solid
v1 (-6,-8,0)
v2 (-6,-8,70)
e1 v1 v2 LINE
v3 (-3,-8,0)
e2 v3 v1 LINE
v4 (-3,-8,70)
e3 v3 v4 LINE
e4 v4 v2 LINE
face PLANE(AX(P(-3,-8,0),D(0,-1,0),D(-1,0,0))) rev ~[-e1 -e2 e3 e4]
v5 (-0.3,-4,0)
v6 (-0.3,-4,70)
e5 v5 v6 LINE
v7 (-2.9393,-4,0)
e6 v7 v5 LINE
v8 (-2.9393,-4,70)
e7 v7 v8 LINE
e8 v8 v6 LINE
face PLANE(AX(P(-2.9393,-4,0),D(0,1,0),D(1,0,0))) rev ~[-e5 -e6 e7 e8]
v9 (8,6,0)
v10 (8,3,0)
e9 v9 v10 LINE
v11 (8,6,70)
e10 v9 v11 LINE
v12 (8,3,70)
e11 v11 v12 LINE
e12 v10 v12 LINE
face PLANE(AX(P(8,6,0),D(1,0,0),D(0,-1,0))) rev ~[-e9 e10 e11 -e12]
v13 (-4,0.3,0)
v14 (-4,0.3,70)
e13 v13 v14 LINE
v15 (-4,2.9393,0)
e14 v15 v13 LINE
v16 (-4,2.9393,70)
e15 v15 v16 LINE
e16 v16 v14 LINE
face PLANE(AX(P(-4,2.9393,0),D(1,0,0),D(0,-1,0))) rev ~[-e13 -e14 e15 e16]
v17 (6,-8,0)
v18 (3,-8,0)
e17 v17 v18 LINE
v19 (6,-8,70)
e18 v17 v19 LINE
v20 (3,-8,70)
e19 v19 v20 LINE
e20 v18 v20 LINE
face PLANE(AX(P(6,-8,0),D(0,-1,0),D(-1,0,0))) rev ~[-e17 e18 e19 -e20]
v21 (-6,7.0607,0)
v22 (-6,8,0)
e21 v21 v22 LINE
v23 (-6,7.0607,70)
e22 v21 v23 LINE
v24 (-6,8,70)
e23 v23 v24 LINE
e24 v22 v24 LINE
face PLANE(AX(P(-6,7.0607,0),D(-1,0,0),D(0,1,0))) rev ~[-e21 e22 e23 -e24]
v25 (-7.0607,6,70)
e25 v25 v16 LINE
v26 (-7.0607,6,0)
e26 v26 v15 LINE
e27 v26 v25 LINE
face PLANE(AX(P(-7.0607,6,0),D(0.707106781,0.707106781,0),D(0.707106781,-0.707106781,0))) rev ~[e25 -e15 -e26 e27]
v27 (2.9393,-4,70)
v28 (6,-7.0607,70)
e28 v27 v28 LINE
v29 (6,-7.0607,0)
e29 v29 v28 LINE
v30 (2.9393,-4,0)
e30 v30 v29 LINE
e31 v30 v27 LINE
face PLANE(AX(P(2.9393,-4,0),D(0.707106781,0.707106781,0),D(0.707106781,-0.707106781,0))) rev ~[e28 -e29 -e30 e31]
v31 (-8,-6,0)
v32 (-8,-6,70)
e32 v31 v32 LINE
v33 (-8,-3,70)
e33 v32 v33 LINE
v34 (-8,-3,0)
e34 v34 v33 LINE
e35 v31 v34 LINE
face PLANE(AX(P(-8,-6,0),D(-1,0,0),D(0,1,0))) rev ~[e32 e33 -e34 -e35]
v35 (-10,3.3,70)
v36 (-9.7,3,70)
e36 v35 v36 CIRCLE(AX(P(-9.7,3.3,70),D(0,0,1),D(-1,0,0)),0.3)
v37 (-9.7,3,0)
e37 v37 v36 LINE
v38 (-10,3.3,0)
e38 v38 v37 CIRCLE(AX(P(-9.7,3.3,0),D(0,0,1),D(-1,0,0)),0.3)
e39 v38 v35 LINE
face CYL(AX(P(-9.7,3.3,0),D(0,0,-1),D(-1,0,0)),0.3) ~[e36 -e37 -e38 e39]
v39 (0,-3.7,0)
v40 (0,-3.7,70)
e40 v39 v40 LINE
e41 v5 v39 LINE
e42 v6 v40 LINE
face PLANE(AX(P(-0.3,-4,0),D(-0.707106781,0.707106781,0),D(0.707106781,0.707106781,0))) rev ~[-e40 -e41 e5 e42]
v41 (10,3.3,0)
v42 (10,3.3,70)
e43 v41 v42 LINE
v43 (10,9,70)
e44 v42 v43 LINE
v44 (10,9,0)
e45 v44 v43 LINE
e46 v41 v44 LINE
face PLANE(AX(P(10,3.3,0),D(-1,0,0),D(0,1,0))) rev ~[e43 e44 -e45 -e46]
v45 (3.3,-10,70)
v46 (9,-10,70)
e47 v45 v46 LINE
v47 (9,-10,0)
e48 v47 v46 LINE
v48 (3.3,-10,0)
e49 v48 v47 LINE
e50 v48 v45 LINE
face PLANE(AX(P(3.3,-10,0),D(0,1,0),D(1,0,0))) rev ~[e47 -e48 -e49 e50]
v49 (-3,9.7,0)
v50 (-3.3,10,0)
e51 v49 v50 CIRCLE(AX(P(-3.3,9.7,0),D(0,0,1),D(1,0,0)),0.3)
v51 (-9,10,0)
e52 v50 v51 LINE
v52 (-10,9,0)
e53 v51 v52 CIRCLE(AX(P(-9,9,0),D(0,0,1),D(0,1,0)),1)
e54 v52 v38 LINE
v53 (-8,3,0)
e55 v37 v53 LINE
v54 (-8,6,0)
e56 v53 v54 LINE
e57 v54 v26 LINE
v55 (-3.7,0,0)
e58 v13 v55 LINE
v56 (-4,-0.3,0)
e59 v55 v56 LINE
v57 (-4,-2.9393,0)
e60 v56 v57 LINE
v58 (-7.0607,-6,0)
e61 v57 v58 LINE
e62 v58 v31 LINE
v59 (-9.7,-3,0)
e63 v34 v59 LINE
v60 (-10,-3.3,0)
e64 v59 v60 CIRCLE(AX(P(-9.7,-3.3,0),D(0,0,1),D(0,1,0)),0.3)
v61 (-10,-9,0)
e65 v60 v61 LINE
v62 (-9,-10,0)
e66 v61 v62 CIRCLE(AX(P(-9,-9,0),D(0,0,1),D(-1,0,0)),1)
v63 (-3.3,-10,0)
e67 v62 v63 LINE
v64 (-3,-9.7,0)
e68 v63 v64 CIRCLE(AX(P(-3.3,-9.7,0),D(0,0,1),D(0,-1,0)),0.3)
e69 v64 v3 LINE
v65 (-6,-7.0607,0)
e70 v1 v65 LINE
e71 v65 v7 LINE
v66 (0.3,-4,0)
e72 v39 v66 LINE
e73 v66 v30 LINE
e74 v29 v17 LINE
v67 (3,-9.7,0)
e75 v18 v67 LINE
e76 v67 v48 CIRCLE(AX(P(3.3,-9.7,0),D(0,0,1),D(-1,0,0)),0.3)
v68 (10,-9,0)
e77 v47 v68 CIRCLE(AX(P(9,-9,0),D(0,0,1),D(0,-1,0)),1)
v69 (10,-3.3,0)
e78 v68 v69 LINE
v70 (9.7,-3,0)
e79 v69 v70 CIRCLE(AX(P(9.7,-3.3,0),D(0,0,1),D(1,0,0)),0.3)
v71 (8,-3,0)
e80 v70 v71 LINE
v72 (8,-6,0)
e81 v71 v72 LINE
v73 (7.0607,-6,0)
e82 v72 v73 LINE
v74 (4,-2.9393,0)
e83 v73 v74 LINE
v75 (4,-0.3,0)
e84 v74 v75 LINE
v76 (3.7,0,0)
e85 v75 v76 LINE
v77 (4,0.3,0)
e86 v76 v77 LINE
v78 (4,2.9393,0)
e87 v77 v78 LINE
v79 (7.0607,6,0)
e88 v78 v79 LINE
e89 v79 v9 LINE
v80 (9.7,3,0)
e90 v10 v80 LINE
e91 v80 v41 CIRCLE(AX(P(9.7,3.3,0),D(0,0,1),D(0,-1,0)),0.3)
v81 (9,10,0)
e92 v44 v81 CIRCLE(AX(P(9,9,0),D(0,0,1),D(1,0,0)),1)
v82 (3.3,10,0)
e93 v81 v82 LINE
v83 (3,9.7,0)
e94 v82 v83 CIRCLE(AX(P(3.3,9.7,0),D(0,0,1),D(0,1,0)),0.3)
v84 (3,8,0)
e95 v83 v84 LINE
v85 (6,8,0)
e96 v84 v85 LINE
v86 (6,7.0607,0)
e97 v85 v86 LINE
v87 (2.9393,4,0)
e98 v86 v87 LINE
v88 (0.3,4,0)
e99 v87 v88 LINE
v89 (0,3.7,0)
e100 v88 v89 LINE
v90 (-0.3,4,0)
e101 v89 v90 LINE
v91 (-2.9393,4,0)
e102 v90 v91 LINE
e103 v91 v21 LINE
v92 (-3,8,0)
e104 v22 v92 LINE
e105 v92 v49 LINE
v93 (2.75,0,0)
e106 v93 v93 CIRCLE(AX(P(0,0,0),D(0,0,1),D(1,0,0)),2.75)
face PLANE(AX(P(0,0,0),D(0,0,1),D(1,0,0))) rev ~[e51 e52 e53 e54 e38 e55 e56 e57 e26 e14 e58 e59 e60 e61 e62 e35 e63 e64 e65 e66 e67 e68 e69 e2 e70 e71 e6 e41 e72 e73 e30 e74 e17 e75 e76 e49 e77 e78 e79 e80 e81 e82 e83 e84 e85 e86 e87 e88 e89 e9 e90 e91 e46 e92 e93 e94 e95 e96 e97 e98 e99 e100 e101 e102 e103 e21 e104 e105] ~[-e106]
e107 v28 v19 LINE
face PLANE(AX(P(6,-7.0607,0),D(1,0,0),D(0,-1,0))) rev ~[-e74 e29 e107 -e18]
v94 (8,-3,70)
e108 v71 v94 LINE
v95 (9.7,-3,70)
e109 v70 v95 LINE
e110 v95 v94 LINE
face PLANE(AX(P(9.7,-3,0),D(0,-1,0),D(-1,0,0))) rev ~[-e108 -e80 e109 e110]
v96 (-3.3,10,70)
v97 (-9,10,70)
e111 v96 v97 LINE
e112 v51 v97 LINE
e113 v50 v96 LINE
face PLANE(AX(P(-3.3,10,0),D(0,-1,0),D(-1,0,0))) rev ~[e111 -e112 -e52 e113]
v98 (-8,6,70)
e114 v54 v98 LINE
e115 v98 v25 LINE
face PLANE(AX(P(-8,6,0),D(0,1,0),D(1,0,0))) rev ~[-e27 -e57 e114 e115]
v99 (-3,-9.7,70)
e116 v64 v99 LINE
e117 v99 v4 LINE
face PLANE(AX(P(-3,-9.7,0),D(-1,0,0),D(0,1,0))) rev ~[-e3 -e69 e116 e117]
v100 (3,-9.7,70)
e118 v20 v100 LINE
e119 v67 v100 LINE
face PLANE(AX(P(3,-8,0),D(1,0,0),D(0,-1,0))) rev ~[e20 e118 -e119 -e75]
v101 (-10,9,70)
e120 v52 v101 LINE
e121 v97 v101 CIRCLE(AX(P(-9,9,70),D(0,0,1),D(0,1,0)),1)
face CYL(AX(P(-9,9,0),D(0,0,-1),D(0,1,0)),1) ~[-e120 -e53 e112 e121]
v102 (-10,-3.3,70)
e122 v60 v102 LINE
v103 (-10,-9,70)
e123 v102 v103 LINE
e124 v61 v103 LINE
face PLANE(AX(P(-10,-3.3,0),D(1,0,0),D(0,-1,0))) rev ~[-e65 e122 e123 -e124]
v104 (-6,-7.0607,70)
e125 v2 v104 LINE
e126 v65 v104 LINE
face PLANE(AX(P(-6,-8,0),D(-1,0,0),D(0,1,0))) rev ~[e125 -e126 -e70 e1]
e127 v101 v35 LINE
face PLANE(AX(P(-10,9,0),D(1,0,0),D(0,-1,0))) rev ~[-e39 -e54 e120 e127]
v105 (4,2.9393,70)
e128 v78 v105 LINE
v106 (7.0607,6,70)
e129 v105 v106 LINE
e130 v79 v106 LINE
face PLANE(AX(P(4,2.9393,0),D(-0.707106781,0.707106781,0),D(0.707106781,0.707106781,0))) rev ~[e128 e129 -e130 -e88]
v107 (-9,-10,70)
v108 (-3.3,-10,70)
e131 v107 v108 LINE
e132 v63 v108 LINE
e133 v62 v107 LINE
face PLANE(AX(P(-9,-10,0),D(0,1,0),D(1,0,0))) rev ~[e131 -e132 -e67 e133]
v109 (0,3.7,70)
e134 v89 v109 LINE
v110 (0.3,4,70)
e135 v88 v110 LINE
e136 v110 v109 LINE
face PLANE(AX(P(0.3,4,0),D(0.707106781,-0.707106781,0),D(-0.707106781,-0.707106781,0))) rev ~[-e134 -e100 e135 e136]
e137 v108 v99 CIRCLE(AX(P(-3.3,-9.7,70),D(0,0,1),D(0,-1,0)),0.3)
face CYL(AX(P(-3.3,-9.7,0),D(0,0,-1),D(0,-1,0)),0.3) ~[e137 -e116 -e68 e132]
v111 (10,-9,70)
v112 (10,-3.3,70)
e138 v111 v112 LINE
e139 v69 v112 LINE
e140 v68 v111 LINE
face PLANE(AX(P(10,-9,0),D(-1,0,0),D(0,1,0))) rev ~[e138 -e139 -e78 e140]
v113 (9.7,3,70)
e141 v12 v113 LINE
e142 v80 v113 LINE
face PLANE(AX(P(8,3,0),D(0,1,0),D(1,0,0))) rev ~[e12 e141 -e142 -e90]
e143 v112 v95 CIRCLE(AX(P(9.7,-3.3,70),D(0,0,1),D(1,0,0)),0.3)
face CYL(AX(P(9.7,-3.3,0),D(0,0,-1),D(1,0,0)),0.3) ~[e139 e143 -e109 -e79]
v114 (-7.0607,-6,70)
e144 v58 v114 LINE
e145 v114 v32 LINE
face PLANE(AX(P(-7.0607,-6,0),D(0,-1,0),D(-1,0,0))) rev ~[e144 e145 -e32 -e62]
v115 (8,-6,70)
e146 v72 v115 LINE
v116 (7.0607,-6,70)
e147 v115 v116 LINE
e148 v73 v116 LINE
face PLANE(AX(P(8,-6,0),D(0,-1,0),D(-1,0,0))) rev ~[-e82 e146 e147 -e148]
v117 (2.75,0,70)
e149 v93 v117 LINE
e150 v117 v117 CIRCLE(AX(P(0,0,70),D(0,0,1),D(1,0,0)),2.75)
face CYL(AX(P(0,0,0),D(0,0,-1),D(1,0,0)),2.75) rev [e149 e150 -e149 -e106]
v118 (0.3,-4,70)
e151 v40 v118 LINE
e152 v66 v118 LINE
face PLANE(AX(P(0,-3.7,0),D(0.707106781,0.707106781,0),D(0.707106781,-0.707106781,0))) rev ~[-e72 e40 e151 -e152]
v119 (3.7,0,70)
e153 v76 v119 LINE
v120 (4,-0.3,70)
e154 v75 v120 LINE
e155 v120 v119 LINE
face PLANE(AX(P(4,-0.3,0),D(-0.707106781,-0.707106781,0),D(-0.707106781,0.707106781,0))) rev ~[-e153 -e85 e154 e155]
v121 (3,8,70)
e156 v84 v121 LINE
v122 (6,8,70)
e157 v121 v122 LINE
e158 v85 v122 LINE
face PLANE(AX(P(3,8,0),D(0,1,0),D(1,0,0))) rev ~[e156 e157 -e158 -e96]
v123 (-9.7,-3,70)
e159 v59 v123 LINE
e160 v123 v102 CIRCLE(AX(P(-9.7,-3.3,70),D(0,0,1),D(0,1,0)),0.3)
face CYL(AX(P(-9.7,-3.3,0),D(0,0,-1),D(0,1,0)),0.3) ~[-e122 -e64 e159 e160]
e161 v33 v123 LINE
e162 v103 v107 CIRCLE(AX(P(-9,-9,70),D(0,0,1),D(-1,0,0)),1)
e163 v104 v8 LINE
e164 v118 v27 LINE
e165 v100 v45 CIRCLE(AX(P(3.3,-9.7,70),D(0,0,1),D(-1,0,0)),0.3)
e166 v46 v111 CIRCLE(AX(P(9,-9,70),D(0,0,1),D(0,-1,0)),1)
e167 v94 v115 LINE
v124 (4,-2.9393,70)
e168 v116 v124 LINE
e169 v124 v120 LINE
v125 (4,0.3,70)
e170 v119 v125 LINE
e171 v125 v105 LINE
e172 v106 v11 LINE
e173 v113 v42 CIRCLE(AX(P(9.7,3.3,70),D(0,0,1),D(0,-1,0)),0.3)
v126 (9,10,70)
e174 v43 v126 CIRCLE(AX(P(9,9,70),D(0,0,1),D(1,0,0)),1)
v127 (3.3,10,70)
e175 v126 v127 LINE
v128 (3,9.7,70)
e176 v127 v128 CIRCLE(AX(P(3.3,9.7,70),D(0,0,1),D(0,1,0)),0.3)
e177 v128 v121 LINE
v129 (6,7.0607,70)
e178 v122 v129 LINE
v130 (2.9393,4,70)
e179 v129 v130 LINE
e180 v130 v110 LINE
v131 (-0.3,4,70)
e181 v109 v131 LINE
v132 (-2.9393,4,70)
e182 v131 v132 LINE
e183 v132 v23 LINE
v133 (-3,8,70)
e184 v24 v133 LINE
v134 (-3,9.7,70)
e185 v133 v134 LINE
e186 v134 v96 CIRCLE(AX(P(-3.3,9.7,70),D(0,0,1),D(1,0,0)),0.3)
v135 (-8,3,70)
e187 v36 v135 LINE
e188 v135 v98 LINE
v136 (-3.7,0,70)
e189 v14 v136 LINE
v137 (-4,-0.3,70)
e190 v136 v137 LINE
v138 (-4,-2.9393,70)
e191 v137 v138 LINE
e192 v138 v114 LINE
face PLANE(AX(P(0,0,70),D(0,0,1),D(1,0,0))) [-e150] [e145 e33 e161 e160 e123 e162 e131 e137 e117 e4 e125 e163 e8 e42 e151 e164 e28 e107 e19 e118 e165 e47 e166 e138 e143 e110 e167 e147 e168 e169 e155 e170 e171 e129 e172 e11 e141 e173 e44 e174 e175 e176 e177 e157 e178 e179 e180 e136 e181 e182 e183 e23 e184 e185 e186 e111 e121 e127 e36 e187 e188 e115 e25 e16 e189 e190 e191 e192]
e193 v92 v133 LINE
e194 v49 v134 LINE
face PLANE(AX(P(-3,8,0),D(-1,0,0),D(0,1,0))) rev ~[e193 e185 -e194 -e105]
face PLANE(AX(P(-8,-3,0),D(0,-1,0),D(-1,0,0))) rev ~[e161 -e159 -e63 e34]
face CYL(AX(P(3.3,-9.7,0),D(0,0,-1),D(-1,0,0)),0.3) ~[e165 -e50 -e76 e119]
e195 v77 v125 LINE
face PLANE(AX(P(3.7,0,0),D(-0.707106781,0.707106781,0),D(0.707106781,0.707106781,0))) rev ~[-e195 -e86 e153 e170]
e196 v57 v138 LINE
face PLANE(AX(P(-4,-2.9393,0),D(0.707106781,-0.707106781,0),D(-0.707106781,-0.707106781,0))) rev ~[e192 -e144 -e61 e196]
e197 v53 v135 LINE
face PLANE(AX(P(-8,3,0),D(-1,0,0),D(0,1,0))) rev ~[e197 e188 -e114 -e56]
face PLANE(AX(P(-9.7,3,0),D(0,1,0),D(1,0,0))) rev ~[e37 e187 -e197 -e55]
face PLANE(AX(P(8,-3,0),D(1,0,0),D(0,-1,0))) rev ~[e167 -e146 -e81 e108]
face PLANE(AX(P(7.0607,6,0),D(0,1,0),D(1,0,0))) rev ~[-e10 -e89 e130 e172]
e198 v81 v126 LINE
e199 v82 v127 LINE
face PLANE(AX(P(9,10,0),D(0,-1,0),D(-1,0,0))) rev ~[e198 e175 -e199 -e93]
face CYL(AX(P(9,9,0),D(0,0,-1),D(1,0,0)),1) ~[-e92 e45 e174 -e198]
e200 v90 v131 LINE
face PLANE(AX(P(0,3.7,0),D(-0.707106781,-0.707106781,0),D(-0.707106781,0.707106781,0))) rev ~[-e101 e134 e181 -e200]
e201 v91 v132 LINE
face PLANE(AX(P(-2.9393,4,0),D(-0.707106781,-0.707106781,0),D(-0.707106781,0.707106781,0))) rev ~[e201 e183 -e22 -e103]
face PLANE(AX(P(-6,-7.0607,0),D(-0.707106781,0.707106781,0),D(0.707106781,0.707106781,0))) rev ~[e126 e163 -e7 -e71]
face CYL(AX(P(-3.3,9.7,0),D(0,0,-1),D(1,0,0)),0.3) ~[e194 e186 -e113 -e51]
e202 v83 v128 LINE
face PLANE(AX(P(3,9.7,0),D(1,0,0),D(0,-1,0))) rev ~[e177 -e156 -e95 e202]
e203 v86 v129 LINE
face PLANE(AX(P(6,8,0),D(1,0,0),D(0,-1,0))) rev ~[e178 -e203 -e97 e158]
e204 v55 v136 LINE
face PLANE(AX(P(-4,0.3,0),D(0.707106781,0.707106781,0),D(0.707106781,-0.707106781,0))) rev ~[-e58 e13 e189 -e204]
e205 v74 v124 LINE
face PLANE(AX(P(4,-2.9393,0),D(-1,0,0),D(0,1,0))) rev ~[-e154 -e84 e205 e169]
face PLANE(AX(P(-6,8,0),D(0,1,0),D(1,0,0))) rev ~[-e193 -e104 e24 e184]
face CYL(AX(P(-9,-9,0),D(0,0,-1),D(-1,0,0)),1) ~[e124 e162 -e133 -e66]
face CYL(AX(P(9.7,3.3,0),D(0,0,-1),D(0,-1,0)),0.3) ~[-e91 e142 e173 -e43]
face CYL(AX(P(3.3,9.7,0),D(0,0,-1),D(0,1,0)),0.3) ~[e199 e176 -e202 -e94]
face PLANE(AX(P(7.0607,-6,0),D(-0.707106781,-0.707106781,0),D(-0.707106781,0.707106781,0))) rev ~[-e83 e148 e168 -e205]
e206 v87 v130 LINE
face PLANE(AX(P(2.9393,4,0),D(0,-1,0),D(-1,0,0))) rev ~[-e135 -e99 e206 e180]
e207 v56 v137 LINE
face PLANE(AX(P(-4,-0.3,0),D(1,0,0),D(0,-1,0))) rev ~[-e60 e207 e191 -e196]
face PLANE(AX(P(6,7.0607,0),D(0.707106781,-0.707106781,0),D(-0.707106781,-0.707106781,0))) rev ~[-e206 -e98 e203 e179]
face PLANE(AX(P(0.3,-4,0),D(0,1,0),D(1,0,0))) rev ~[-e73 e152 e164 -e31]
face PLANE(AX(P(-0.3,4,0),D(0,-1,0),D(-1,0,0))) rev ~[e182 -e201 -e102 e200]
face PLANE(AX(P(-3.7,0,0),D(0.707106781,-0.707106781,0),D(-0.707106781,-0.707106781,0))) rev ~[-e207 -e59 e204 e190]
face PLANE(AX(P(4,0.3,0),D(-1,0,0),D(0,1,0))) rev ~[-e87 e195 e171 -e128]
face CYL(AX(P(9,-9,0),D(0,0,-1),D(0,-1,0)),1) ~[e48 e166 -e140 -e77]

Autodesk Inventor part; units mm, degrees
ref_plane "Startebene" through (0, 0, 0) normal (0, 0, 1) x (1, 0, 0)
ref_plane "Endebene" through (0, 0, 320) normal (0, 0, 1) x (1, 0, 0)
ref_plane "Startebene1" through (0, 0, 0) normal (0, 0, 1) x (1, 0, 0)
ref_plane "Endebene1" through (0, 0, 40) normal (0, 0, 1) x (1, 0, 0)
ref_plane "Startebene2" through (0, 0, 0) normal (0, 0, 1) x (1, 0, 0)
ref_plane "Endebene2" through (0, 0, 40) normal (0, 0, 1) x (1, 0, 0)
ref_plane "Startebene3" through (0, 0, 0) normal (0, 0, 1) x (1, 0, 0)
ref_plane "Endebene3" through (0, 0, 70) normal (0, 0, 1) x (1, 0, 0)
sketch "Skizze" plane through (0, 0, 0) normal (0, 0, 1) x (1, 0, 0)
  line L0 (-10, 9) -> (-10, 3.3)
  arc A0 (-10, 3.3) -> (-9.7, 3) centre (-9.7, 3.3) ccw
  line L1 (-9.7, 3) -> (-8, 3)
  line L2 (-8, 3) -> (-8, 6)
  line L3 (-8, 6) -> (-7.0607, 6)
  line L4 (-7.0607, 6) -> (-4, 2.9393)
  line L5 (-4, 2.9393) -> (-4, 0.3)
  line L6 (-4, 0.3) -> (-3.7, 0)
  line L7 (-3.7, 0) -> (-4, -0.3)
  line L8 (-4, -0.3) -> (-4, -2.9393)
  line L9 (-4, -2.9393) -> (-7.0607, -6)
  line L10 (-7.0607, -6) -> (-8, -6)
  line L11 (-8, -6) -> (-8, -3)
  line L12 (-8, -3) -> (-9.7, -3)
  arc A1 (-9.7, -3) -> (-10, -3.3) centre (-9.7, -3.3) ccw
  line L13 (-10, -3.3) -> (-10, -9)
  arc A2 (-10, -9) -> (-9, -10) centre (-9, -9) ccw
  line L14 (-9, -10) -> (-3.3, -10)
  arc A3 (-3.3, -10) -> (-3, -9.7) centre (-3.3, -9.7) ccw
  line L15 (-3, -9.7) -> (-3, -8)
  line L16 (-3, -8) -> (-6, -8)
  line L17 (-6, -8) -> (-6, -7.0607)
  line L18 (-6, -7.0607) -> (-2.9393, -4)
  line L19 (-2.9393, -4) -> (-0.3, -4)
  line L20 (-0.3, -4) -> (0, -3.7)
  line L21 (0, -3.7) -> (0.3, -4)
  line L22 (0.3, -4) -> (2.9393, -4)
  line L23 (2.9393, -4) -> (6, -7.0607)
  line L24 (6, -7.0607) -> (6, -8)
  line L25 (6, -8) -> (3, -8)
  line L26 (3, -8) -> (3, -9.7)
  arc A4 (3, -9.7) -> (3.3, -10) centre (3.3, -9.7) ccw
  line L27 (3.3, -10) -> (9, -10)
  arc A5 (9, -10) -> (10, -9) centre (9, -9) ccw
  line L28 (10, -9) -> (10, -3.3)
  arc A6 (10, -3.3) -> (9.7, -3) centre (9.7, -3.3) ccw
  line L29 (9.7, -3) -> (8, -3)
  line L30 (8, -3) -> (8, -6)
  line L31 (8, -6) -> (7.0607, -6)
  line L32 (7.0607, -6) -> (4, -2.9393)
  line L33 (4, -2.9393) -> (4, -0.3)
  line L34 (4, -0.3) -> (3.7, 0)
  line L35 (3.7, 0) -> (4, 0.3)
  line L36 (4, 0.3) -> (4, 2.9393)
  line L37 (4, 2.9393) -> (7.0607, 6)
  line L38 (7.0607, 6) -> (8, 6)
  line L39 (8, 6) -> (8, 3)
  line L40 (8, 3) -> (9.7, 3)
  arc A7 (9.7, 3) -> (10, 3.3) centre (9.7, 3.3) ccw
  line L41 (10, 3.3) -> (10, 9)
  arc A8 (10, 9) -> (9, 10) centre (9, 9) ccw
  line L42 (9, 10) -> (3.3, 10)
  arc A9 (3.3, 10) -> (3, 9.7) centre (3.3, 9.7) ccw
  line L43 (3, 9.7) -> (3, 8)
  line L44 (3, 8) -> (6, 8)
  line L45 (6, 8) -> (6, 7.0607)
  line L46 (6, 7.0607) -> (2.9393, 4)
  line L47 (2.9393, 4) -> (0.3, 4)
  line L48 (0.3, 4) -> (0, 3.7)
  line L49 (0, 3.7) -> (-0.3, 4)
  line L50 (-0.3, 4) -> (-2.9393, 4)
  line L51 (-2.9393, 4) -> (-6, 7.0607)
  line L52 (-6, 7.0607) -> (-6, 8)
  line L53 (-6, 8) -> (-3, 8)
  line L54 (-3, 8) -> (-3, 9.7)
  arc A10 (-3, 9.7) -> (-3.3, 10) centre (-3.3, 9.7) ccw
  line L55 (-3.3, 10) -> (-9, 10)
  arc A11 (-9, 10) -> (-10, 9) centre (-9, 9) ccw
  circle A12 centre (0, 0) radius 2.75
  dimension "d2" = 5.5
  dimension "d3" = 10
  dimension "d4" = 10
  dimension "d5" = 5.7
  dimension "d6" = 5.7
  dimension "d7" = 1.7
  dimension "d8" = 3
  dimension "d9" = 0.3
  dimension "d10" = 90
  dimension "d11" = 45
  dimension "d12" = 45
  dimension "d13" = 45
  dimension "d14" = 90
  dimension "d15" = 90
  dimension "d16" = 45
  dimension "d17" = 45
  dimension "d18" = 45
  dimension "d19" = 45
  dimension "d20" = 90
  dimension "d21" = 90
  dimension "d22" = 45
  dimension "d23" = 45
  dimension "d24" = 90
  dimension "d25" = 90
  dimension "d26" = 90
  dimension "d27" = 90
  dimension "d28" = 90
  dimension "d29" = 90
  dimension "d30" = 90
  dimension "d31" = 90
  dimension "d32" = 90
  dimension "d33" = 90
  dimension "d34" = 90
  dimension "d35" = 90
  dimension "d36" = 90
  dimension "d37" = 90
  dimension "d38" = 90
  dimension "d39" = 4
  dimension "d40" = 6
  dimension "d41" = 13
  dimension "d42" = 14
  dimension "d43" = 16
  dimension "d44" = 18
  dimension "d45" = 3
  dimension "d46" = 9
  dimension "d47" = 7
  dimension "d48" = 1
  dimension "d49" = 7
  dimension "d50" = 1.5
  dimension "d51" = 1.8663
  dimension "d52" = 3.3663
  dimension "d53" = 1.5
  dimension "d54" = 1.8663
  dimension "d55" = 3.3663
  dimension "d56" = 4
  dimension "d57" = 10.8187
  dimension "d58" = 1.9092
  dimension "d59" = 5
  dimension "d60" = 13
  dimension "d61" = 13
  dimension "d62" = 16.0513
  dimension "d63" = 3.3234
  dimension "d64" = 14
  dimension "d65" = 12.685
extrude "Körper" add sketch "Skizze" along normal up to surface (70 mm away) from surface at 0
sketch "Skizze21" plane through (0, 0, 0) normal (0, 0, 1) x (1, 0, 0)
  line L0 (0, 0) -> (10, 0)
ref_plane "Arbeitsebene18" through (0, 0, 0) normal (0, -1, 0) x (1, 0, 0)
sketch "Skizze22" plane through (0, 0, 0) normal (0, -1, 0) x (1, 0, 0)
  line L0 (-2, 0) -> (12, 0)
  line L1 (-2, 70) -> (12, 70)
  dimension "d80" = 70
equation "\"G_OFFSET_START\" = 0"
equation "\"G_OFFSET_END\" = 0"
equation "\"G_L\" = d80"
equation "\"G_OFFSET_START1\" = 0"
equation "\"G_OFFSET_END1\" = 0"
equation "\"G_OFFSET_START2\" = 0"
equation "\"G_OFFSET_END2\" = 0"
equation "\"G_OFFSET_START3\" = 0"
equation "\"G_OFFSET_END3\" = 0"
properties part number "Alu Profil 20x20 - AP2020"
